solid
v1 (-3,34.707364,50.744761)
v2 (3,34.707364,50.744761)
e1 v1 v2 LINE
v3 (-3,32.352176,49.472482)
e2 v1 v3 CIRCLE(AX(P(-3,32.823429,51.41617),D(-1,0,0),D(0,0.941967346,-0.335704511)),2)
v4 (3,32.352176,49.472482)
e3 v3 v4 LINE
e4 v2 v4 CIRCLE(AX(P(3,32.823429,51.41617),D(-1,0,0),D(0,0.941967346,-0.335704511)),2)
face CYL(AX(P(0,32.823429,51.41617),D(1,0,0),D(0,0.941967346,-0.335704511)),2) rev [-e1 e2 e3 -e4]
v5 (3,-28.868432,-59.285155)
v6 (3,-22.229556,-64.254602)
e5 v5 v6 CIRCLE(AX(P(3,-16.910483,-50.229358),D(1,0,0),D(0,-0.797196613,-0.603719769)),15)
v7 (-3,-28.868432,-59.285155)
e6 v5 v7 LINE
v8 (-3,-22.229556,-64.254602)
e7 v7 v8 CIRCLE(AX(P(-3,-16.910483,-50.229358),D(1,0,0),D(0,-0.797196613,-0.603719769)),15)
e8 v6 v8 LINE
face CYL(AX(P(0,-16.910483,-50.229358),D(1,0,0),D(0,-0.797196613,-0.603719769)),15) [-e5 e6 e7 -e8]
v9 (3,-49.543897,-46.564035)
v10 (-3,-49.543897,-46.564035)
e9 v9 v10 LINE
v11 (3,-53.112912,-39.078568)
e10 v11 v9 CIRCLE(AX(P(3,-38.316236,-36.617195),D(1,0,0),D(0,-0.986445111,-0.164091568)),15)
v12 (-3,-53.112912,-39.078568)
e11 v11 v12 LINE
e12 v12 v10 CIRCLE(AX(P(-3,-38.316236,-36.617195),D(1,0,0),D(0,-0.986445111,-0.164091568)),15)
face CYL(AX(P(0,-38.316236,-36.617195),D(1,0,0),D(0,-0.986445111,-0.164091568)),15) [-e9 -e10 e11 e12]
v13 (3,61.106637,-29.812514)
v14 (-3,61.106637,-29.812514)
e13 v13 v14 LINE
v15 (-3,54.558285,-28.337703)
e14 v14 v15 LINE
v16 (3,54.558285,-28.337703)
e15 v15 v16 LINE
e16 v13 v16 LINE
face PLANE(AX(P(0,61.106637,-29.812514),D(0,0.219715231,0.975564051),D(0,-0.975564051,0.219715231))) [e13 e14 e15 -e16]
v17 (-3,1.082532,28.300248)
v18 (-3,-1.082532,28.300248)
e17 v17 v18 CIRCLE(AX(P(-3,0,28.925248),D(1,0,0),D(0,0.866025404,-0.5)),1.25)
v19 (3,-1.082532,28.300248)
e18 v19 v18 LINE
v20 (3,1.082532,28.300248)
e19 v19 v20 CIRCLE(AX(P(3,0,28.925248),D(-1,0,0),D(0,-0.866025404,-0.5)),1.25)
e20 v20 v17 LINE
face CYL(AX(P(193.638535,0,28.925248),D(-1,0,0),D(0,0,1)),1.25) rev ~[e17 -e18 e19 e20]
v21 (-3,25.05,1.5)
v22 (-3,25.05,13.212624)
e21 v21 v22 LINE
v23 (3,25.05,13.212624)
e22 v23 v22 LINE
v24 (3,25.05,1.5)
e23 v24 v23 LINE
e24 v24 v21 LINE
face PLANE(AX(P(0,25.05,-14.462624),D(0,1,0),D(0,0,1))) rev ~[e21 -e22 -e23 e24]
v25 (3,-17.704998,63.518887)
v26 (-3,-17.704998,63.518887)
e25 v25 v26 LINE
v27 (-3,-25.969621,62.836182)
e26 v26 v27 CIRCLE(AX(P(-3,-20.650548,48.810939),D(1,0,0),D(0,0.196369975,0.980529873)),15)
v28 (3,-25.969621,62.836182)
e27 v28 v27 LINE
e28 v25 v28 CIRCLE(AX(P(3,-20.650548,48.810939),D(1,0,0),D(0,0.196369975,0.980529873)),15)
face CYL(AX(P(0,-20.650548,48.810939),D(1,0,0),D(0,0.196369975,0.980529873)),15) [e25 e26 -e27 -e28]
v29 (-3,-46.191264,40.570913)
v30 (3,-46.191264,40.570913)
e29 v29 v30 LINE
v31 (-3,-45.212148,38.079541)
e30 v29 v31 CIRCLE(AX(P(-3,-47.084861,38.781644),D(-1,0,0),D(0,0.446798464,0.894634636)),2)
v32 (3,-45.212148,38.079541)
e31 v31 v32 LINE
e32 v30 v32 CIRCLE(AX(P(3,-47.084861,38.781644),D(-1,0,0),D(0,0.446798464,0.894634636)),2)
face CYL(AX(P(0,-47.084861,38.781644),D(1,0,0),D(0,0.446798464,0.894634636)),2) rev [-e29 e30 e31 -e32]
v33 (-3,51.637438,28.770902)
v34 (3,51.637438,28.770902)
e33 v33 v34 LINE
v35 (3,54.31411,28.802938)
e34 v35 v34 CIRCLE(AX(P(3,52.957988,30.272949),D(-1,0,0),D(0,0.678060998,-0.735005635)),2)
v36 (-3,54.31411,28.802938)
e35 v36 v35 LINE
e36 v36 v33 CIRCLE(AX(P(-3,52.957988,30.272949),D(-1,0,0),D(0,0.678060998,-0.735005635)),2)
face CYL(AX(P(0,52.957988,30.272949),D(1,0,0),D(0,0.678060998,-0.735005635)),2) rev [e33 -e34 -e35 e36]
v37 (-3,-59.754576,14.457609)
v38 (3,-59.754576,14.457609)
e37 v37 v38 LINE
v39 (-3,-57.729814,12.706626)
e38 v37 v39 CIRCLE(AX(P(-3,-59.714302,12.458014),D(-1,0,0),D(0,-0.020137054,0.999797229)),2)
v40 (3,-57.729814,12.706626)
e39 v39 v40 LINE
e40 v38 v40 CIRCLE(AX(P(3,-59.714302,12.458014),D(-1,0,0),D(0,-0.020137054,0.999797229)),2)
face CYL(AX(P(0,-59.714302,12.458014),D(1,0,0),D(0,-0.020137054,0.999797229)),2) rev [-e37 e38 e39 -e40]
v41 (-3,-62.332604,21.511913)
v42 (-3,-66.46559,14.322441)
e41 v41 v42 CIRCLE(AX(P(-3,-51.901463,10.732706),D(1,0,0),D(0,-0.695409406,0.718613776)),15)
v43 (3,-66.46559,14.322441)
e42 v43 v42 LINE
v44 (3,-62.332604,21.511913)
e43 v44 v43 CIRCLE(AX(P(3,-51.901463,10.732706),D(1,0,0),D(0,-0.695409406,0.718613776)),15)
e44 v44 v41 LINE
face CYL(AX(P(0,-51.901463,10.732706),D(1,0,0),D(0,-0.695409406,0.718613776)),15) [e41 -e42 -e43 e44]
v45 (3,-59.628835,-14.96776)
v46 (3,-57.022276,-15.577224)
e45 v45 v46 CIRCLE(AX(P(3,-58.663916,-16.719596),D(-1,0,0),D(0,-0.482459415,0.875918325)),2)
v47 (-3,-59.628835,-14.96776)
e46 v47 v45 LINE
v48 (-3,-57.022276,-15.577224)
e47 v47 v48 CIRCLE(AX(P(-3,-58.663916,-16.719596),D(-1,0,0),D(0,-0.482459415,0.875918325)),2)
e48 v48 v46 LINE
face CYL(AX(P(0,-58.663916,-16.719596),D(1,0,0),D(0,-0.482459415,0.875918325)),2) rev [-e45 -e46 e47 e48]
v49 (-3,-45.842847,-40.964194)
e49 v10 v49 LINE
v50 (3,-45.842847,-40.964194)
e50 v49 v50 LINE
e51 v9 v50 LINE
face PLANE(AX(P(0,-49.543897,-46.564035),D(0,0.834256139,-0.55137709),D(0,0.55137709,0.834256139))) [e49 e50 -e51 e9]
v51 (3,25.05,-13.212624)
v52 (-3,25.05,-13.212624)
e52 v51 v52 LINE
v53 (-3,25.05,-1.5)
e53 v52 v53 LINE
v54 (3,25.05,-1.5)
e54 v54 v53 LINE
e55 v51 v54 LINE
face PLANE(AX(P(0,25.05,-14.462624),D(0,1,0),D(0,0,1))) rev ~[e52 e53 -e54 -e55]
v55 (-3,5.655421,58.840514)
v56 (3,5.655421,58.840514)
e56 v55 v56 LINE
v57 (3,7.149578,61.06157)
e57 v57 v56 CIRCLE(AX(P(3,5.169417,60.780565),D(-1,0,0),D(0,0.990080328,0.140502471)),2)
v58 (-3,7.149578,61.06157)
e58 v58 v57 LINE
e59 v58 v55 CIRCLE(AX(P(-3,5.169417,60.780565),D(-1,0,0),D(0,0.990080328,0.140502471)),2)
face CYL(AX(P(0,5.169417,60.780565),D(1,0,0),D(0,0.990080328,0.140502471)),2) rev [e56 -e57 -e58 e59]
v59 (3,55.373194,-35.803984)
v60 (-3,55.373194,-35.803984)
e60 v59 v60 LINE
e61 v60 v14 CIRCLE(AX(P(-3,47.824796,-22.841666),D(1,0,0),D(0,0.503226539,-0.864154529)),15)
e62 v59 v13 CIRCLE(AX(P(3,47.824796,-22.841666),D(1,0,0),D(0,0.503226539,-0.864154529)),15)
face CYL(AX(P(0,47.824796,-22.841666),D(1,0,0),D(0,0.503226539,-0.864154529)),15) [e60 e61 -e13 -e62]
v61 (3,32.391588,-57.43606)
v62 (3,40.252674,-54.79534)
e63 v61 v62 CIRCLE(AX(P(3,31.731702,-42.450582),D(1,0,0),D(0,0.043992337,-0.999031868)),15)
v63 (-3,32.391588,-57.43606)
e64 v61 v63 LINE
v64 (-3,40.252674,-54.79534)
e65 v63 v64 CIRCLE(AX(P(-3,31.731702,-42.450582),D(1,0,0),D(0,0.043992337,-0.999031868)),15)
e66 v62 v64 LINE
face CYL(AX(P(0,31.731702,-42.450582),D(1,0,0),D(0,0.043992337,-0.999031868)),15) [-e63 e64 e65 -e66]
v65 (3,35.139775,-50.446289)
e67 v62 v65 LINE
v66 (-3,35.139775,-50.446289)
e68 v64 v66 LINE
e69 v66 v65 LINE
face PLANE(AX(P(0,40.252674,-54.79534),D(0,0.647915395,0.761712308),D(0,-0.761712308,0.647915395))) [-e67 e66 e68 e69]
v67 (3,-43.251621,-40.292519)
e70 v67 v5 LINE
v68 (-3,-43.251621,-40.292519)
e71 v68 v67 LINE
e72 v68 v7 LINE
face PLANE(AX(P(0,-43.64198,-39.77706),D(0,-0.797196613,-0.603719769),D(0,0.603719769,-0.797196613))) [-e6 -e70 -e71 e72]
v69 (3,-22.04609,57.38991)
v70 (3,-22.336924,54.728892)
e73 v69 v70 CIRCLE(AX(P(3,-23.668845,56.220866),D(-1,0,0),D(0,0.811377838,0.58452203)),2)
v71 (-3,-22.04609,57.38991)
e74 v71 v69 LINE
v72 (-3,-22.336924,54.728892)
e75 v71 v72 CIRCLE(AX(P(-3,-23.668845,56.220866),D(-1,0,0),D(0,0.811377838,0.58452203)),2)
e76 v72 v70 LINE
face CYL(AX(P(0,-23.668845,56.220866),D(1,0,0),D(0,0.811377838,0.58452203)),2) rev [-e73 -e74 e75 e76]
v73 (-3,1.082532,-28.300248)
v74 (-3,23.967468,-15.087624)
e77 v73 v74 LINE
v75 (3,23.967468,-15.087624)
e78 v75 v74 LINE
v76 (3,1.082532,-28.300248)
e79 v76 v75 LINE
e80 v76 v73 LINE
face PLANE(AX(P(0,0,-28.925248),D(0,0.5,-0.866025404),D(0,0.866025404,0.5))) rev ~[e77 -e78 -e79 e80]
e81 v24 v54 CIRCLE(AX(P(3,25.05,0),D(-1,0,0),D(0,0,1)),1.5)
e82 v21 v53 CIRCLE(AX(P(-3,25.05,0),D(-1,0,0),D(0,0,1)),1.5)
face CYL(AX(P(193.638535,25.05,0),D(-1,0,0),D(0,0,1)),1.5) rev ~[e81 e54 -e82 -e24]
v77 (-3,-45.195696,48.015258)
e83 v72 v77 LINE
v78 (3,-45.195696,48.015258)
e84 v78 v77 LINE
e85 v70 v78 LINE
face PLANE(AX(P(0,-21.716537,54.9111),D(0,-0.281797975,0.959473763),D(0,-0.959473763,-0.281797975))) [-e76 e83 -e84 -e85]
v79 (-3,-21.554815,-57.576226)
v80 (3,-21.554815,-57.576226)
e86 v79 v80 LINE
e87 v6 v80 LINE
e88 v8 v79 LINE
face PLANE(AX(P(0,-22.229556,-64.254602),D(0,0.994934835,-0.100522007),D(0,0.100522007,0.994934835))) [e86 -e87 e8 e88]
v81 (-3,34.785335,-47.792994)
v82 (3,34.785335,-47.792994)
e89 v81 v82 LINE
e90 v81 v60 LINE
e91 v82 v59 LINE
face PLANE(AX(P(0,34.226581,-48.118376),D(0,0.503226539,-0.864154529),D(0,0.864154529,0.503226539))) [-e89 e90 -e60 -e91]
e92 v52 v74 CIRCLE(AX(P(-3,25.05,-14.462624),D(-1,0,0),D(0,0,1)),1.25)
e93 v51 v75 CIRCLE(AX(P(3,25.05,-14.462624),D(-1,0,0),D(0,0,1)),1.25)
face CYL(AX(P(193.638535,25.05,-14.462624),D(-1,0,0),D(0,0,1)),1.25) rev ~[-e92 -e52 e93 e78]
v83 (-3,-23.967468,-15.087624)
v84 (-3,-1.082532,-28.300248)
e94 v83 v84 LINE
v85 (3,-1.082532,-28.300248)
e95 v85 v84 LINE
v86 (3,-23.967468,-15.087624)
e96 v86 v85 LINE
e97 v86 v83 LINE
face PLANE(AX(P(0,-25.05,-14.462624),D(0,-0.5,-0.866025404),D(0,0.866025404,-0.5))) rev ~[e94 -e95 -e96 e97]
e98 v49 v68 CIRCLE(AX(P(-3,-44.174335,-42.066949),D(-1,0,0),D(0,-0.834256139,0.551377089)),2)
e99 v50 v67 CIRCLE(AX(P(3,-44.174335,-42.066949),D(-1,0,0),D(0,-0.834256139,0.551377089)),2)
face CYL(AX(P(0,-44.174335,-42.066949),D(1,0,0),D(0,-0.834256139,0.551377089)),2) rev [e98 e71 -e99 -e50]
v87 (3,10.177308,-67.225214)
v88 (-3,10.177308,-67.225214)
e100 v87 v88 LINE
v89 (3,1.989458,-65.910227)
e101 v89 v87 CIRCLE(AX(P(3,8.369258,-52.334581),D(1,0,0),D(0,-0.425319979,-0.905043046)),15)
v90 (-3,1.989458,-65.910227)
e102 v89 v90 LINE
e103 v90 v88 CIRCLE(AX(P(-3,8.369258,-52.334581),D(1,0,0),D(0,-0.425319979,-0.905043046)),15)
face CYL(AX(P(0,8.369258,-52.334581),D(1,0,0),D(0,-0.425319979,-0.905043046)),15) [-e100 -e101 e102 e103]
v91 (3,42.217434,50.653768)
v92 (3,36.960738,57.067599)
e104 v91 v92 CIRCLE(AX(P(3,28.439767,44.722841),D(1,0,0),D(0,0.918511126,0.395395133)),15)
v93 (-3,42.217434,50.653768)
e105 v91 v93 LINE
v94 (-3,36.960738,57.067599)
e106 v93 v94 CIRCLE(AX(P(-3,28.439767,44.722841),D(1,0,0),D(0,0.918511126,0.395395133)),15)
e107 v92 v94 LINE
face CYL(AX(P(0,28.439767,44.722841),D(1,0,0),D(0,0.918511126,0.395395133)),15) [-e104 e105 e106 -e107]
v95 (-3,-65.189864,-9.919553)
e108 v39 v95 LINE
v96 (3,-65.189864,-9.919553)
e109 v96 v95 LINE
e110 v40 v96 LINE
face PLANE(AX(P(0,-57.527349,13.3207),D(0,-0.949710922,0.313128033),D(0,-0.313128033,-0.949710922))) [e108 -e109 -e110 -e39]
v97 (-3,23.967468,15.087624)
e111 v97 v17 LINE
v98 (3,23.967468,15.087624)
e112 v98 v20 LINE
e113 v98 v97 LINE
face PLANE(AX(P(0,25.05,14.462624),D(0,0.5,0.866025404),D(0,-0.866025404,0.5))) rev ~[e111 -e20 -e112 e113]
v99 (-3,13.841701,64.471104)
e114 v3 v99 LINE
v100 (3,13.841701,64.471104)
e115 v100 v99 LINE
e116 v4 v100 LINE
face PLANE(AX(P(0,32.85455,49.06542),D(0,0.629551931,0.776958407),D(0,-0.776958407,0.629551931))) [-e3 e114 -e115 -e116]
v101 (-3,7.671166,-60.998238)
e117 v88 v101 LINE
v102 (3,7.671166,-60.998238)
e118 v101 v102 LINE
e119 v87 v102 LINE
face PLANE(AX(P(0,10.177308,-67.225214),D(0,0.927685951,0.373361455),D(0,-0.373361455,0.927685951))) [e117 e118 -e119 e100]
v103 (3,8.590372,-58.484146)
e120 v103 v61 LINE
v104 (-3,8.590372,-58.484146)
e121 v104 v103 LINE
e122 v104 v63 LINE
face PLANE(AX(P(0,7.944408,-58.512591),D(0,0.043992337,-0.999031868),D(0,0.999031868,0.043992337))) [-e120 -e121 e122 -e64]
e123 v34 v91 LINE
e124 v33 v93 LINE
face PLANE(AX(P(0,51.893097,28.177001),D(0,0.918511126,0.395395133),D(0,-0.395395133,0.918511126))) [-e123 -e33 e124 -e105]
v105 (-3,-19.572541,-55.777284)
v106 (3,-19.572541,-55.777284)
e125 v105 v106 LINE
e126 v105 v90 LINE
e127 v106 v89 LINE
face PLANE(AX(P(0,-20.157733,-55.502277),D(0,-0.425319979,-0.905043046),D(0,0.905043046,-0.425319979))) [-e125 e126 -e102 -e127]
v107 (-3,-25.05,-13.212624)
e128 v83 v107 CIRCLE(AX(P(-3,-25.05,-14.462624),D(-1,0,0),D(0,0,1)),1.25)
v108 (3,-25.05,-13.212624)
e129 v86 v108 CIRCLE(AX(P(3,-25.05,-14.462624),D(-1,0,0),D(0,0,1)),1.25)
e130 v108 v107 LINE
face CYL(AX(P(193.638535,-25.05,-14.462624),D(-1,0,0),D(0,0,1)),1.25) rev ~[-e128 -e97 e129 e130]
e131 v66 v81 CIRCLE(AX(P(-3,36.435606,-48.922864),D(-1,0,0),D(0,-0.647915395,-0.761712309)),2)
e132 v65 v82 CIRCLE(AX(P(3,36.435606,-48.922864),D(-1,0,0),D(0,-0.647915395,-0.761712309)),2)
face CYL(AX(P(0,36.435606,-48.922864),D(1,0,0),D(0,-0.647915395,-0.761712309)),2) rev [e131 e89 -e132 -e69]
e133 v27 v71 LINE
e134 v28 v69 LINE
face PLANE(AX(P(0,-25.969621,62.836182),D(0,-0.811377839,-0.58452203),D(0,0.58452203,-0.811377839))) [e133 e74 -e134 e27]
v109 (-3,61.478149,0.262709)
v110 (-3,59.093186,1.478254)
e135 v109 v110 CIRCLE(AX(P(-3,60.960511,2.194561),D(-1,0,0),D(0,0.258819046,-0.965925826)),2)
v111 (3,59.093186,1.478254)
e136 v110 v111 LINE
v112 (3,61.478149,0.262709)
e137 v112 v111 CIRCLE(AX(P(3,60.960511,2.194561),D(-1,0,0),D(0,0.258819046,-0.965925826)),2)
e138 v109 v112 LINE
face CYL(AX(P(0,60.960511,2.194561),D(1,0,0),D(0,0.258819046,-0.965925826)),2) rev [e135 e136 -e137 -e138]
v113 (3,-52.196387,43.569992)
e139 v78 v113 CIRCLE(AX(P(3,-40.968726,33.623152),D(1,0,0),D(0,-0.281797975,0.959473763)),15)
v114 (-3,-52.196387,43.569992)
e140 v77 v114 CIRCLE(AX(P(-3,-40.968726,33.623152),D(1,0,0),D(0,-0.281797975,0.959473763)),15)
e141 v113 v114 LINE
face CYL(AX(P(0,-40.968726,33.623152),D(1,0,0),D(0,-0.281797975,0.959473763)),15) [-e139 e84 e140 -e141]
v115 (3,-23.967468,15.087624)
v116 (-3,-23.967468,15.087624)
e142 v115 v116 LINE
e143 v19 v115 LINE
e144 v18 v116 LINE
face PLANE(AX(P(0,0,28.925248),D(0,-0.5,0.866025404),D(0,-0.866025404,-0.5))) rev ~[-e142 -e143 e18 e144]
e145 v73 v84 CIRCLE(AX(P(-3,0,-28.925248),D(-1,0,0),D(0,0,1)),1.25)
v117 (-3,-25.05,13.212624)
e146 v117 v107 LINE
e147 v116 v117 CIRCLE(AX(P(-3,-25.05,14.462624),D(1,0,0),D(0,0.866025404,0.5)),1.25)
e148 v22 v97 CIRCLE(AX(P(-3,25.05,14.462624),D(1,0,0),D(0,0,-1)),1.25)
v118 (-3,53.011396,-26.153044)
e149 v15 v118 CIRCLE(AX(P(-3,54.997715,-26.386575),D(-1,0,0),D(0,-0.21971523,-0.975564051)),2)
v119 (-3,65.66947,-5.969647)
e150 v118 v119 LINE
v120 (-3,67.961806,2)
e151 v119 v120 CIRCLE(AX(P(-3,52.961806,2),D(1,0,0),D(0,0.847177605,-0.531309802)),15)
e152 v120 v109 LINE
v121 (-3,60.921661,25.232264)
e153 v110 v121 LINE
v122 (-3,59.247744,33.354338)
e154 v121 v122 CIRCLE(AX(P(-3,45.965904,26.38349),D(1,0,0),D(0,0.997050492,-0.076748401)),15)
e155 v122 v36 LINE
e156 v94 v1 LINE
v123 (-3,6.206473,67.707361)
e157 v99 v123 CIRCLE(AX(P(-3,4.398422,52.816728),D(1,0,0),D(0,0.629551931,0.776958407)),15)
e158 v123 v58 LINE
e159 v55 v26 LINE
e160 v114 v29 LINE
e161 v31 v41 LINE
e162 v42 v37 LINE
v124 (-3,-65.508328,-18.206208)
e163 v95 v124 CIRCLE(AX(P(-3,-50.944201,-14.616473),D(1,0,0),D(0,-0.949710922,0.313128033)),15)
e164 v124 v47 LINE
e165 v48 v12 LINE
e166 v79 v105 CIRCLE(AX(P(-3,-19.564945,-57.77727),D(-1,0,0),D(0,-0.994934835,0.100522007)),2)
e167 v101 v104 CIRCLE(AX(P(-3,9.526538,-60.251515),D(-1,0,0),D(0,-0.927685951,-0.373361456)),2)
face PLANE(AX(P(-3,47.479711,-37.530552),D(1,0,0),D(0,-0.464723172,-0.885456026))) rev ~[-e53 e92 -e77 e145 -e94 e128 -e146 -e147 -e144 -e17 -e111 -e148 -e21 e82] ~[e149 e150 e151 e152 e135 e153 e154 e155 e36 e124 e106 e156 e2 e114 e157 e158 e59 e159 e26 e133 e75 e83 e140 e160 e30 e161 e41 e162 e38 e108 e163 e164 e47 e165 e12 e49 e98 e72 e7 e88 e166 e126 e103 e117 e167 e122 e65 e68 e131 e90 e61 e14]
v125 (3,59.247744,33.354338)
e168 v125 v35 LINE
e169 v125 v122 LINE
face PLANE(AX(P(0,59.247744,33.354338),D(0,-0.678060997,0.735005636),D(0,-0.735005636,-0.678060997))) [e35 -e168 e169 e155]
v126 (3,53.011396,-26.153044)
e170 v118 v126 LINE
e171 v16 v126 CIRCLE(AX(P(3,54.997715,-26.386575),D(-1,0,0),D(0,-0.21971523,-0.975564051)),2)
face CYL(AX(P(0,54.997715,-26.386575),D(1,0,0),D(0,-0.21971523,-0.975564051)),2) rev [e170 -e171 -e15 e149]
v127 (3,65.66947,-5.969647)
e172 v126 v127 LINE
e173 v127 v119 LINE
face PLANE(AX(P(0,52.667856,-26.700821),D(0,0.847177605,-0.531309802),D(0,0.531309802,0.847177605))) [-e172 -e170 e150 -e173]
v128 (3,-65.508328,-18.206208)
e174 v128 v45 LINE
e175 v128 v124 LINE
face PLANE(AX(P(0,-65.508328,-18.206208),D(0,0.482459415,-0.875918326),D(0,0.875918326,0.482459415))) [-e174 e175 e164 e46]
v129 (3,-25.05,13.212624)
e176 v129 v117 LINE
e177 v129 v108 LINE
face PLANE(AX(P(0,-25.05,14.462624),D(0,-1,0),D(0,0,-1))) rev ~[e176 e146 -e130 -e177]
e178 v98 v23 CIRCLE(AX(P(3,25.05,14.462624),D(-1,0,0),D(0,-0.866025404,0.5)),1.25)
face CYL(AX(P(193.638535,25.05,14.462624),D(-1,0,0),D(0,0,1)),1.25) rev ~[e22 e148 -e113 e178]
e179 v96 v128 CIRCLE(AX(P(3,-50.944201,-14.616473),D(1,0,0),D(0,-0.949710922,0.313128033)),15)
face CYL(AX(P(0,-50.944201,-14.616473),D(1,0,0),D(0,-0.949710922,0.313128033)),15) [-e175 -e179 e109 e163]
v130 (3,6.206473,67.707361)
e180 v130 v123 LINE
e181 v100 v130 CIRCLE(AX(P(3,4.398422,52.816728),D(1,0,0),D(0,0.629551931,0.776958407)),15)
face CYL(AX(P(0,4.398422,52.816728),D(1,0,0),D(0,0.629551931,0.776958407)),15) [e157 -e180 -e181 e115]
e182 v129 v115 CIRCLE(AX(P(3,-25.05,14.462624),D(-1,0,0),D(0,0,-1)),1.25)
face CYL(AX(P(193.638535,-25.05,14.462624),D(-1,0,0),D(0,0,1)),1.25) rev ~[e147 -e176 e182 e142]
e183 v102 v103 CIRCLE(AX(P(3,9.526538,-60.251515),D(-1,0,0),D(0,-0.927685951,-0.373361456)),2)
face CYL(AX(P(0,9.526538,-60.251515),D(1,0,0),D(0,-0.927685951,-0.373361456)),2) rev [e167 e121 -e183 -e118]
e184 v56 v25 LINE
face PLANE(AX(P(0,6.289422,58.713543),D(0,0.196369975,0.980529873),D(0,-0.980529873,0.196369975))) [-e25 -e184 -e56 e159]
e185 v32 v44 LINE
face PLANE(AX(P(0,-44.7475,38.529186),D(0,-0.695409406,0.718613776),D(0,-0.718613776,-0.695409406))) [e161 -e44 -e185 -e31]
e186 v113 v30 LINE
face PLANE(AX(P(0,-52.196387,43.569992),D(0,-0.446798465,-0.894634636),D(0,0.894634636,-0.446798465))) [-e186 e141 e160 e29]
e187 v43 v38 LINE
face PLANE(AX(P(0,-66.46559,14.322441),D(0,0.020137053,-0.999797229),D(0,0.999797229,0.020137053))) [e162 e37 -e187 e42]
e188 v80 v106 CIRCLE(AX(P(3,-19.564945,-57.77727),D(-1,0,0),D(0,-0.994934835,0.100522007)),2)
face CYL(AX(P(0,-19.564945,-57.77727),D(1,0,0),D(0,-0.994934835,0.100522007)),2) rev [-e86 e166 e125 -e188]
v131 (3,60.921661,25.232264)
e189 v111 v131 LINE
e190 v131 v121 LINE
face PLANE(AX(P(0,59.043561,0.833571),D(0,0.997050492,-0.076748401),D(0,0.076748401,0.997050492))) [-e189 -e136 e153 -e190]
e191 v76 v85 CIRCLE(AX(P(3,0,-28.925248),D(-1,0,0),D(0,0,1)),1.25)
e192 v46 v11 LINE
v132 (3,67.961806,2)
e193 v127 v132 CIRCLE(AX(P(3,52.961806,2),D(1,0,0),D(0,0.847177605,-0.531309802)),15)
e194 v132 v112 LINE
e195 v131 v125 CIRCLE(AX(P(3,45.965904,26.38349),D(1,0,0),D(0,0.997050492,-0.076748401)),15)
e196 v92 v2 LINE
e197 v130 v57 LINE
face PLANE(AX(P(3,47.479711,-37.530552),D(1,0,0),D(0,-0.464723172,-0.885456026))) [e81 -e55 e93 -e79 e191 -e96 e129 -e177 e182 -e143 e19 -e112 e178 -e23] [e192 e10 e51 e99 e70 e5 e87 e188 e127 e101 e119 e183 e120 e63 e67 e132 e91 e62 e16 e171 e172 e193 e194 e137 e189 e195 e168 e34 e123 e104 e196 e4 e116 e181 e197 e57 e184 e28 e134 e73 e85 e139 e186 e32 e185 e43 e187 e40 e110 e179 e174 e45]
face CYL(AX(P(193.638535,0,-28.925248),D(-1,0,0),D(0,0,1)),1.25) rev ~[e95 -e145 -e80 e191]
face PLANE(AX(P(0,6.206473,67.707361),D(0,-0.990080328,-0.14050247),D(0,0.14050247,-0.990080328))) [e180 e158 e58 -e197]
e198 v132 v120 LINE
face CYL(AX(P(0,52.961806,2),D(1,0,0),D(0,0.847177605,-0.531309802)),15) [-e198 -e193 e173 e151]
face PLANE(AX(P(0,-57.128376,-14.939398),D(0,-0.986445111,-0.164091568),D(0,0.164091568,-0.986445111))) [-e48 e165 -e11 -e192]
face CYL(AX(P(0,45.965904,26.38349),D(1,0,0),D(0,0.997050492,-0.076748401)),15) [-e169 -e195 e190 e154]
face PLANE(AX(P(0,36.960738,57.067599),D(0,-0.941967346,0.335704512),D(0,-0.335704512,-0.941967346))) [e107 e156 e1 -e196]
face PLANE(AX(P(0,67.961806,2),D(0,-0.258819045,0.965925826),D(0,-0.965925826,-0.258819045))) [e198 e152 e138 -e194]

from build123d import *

# Parameters (mm, degrees)
SKETCH1_R                  = 59
EXTRUDE1_DEPTH             = 3
EXTRUDE2_DEPTH             = 3
CIRPATTERN1_COUNT          = 13
F_2_5_2_5_DIAMETER_HOLE1_D = 2.5
F_3_0_3_DIAMETER_HOLE1_D   = 3


with BuildPart() as part:
    # Sketch1 → Extrude1 (new, symmetric)
    with BuildSketch(Plane(origin=(0, 0, 0), x_dir=(0, 0, -1), z_dir=(1, 0, 0))):
        Circle(SKETCH1_R)
        Polygon((14.462624243, 25.05), (-14.462624243, 25.05), (-28.925248486, 0), (-14.462624243, -25.05), (14.462624243, -25.05), (28.925248486, 0), align=None, mode=Mode.SUBTRACT)
    extrude(amount=EXTRUDE1_DEPTH, both=True)

    # Sketch2 → Extrude2 (add, symmetric)
    with BuildSketch(Plane(origin=(0, 0, 0), x_dir=(0, 0, -1), z_dir=(1, 0, 0))):
        with BuildLine():
            Line((-2, 67.961805723), (-0.262709442, 61.478149092))
            ThreePointArc((-0.262709442, 61.478149092), (-0.58620663, 59.77173183), (-2.122608272, 58.961805723))
            ThreePointArc((-2.122608272, 58.961805723), (13.210156106, 57.502102359), (27.642670176, 52.123725745))
            ThreePointArc((27.642670176, 52.123725745), (27.166811562, 52.387250915), (26.700820655, 52.667856348))
            Line((26.700820655, 52.667856348), (5.969647024, 65.669469801))
            ThreePointArc((5.969647024, 65.669469801), (2.146386308, 67.37733487), (-2, 67.961805723))
        make_face()
    extrude2 = extrude(amount=EXTRUDE2_DEPTH, both=True)

    # CirPattern1: Extrude2 ×13 about axis
    cirpattern1_axis = Axis((0, 0, 0), (1, 0, 0))
    for i in range(1, CIRPATTERN1_COUNT):
        add(extrude2.rotate(cirpattern1_axis, i * 360 / CIRPATTERN1_COUNT))

    # Ø2.5 (2.5) Diameter Hole1 (through all)
    with Locations(Plane(origin=(3, 0, 0), x_dir=(0, 0, -1), z_dir=(1, 0, 0))):
        with Locations((-14.462624243, 25.05), (14.462624243, 25.05), (28.925248486, 0), (14.462624243, -25.05), (-14.462624243, -25.05), (-28.925248486, 0)):
            Hole(F_2_5_2_5_DIAMETER_HOLE1_D / 2)

    # Ø3.0 (3) Diameter Hole1 (through all)
    with Locations(Plane(origin=(3, 0, 0), x_dir=(0, 0, -1), z_dir=(1, 0, 0))):
        with Locations((0, 25.05)):
            Hole(F_3_0_3_DIAMETER_HOLE1_D / 2)


solid = part.part
